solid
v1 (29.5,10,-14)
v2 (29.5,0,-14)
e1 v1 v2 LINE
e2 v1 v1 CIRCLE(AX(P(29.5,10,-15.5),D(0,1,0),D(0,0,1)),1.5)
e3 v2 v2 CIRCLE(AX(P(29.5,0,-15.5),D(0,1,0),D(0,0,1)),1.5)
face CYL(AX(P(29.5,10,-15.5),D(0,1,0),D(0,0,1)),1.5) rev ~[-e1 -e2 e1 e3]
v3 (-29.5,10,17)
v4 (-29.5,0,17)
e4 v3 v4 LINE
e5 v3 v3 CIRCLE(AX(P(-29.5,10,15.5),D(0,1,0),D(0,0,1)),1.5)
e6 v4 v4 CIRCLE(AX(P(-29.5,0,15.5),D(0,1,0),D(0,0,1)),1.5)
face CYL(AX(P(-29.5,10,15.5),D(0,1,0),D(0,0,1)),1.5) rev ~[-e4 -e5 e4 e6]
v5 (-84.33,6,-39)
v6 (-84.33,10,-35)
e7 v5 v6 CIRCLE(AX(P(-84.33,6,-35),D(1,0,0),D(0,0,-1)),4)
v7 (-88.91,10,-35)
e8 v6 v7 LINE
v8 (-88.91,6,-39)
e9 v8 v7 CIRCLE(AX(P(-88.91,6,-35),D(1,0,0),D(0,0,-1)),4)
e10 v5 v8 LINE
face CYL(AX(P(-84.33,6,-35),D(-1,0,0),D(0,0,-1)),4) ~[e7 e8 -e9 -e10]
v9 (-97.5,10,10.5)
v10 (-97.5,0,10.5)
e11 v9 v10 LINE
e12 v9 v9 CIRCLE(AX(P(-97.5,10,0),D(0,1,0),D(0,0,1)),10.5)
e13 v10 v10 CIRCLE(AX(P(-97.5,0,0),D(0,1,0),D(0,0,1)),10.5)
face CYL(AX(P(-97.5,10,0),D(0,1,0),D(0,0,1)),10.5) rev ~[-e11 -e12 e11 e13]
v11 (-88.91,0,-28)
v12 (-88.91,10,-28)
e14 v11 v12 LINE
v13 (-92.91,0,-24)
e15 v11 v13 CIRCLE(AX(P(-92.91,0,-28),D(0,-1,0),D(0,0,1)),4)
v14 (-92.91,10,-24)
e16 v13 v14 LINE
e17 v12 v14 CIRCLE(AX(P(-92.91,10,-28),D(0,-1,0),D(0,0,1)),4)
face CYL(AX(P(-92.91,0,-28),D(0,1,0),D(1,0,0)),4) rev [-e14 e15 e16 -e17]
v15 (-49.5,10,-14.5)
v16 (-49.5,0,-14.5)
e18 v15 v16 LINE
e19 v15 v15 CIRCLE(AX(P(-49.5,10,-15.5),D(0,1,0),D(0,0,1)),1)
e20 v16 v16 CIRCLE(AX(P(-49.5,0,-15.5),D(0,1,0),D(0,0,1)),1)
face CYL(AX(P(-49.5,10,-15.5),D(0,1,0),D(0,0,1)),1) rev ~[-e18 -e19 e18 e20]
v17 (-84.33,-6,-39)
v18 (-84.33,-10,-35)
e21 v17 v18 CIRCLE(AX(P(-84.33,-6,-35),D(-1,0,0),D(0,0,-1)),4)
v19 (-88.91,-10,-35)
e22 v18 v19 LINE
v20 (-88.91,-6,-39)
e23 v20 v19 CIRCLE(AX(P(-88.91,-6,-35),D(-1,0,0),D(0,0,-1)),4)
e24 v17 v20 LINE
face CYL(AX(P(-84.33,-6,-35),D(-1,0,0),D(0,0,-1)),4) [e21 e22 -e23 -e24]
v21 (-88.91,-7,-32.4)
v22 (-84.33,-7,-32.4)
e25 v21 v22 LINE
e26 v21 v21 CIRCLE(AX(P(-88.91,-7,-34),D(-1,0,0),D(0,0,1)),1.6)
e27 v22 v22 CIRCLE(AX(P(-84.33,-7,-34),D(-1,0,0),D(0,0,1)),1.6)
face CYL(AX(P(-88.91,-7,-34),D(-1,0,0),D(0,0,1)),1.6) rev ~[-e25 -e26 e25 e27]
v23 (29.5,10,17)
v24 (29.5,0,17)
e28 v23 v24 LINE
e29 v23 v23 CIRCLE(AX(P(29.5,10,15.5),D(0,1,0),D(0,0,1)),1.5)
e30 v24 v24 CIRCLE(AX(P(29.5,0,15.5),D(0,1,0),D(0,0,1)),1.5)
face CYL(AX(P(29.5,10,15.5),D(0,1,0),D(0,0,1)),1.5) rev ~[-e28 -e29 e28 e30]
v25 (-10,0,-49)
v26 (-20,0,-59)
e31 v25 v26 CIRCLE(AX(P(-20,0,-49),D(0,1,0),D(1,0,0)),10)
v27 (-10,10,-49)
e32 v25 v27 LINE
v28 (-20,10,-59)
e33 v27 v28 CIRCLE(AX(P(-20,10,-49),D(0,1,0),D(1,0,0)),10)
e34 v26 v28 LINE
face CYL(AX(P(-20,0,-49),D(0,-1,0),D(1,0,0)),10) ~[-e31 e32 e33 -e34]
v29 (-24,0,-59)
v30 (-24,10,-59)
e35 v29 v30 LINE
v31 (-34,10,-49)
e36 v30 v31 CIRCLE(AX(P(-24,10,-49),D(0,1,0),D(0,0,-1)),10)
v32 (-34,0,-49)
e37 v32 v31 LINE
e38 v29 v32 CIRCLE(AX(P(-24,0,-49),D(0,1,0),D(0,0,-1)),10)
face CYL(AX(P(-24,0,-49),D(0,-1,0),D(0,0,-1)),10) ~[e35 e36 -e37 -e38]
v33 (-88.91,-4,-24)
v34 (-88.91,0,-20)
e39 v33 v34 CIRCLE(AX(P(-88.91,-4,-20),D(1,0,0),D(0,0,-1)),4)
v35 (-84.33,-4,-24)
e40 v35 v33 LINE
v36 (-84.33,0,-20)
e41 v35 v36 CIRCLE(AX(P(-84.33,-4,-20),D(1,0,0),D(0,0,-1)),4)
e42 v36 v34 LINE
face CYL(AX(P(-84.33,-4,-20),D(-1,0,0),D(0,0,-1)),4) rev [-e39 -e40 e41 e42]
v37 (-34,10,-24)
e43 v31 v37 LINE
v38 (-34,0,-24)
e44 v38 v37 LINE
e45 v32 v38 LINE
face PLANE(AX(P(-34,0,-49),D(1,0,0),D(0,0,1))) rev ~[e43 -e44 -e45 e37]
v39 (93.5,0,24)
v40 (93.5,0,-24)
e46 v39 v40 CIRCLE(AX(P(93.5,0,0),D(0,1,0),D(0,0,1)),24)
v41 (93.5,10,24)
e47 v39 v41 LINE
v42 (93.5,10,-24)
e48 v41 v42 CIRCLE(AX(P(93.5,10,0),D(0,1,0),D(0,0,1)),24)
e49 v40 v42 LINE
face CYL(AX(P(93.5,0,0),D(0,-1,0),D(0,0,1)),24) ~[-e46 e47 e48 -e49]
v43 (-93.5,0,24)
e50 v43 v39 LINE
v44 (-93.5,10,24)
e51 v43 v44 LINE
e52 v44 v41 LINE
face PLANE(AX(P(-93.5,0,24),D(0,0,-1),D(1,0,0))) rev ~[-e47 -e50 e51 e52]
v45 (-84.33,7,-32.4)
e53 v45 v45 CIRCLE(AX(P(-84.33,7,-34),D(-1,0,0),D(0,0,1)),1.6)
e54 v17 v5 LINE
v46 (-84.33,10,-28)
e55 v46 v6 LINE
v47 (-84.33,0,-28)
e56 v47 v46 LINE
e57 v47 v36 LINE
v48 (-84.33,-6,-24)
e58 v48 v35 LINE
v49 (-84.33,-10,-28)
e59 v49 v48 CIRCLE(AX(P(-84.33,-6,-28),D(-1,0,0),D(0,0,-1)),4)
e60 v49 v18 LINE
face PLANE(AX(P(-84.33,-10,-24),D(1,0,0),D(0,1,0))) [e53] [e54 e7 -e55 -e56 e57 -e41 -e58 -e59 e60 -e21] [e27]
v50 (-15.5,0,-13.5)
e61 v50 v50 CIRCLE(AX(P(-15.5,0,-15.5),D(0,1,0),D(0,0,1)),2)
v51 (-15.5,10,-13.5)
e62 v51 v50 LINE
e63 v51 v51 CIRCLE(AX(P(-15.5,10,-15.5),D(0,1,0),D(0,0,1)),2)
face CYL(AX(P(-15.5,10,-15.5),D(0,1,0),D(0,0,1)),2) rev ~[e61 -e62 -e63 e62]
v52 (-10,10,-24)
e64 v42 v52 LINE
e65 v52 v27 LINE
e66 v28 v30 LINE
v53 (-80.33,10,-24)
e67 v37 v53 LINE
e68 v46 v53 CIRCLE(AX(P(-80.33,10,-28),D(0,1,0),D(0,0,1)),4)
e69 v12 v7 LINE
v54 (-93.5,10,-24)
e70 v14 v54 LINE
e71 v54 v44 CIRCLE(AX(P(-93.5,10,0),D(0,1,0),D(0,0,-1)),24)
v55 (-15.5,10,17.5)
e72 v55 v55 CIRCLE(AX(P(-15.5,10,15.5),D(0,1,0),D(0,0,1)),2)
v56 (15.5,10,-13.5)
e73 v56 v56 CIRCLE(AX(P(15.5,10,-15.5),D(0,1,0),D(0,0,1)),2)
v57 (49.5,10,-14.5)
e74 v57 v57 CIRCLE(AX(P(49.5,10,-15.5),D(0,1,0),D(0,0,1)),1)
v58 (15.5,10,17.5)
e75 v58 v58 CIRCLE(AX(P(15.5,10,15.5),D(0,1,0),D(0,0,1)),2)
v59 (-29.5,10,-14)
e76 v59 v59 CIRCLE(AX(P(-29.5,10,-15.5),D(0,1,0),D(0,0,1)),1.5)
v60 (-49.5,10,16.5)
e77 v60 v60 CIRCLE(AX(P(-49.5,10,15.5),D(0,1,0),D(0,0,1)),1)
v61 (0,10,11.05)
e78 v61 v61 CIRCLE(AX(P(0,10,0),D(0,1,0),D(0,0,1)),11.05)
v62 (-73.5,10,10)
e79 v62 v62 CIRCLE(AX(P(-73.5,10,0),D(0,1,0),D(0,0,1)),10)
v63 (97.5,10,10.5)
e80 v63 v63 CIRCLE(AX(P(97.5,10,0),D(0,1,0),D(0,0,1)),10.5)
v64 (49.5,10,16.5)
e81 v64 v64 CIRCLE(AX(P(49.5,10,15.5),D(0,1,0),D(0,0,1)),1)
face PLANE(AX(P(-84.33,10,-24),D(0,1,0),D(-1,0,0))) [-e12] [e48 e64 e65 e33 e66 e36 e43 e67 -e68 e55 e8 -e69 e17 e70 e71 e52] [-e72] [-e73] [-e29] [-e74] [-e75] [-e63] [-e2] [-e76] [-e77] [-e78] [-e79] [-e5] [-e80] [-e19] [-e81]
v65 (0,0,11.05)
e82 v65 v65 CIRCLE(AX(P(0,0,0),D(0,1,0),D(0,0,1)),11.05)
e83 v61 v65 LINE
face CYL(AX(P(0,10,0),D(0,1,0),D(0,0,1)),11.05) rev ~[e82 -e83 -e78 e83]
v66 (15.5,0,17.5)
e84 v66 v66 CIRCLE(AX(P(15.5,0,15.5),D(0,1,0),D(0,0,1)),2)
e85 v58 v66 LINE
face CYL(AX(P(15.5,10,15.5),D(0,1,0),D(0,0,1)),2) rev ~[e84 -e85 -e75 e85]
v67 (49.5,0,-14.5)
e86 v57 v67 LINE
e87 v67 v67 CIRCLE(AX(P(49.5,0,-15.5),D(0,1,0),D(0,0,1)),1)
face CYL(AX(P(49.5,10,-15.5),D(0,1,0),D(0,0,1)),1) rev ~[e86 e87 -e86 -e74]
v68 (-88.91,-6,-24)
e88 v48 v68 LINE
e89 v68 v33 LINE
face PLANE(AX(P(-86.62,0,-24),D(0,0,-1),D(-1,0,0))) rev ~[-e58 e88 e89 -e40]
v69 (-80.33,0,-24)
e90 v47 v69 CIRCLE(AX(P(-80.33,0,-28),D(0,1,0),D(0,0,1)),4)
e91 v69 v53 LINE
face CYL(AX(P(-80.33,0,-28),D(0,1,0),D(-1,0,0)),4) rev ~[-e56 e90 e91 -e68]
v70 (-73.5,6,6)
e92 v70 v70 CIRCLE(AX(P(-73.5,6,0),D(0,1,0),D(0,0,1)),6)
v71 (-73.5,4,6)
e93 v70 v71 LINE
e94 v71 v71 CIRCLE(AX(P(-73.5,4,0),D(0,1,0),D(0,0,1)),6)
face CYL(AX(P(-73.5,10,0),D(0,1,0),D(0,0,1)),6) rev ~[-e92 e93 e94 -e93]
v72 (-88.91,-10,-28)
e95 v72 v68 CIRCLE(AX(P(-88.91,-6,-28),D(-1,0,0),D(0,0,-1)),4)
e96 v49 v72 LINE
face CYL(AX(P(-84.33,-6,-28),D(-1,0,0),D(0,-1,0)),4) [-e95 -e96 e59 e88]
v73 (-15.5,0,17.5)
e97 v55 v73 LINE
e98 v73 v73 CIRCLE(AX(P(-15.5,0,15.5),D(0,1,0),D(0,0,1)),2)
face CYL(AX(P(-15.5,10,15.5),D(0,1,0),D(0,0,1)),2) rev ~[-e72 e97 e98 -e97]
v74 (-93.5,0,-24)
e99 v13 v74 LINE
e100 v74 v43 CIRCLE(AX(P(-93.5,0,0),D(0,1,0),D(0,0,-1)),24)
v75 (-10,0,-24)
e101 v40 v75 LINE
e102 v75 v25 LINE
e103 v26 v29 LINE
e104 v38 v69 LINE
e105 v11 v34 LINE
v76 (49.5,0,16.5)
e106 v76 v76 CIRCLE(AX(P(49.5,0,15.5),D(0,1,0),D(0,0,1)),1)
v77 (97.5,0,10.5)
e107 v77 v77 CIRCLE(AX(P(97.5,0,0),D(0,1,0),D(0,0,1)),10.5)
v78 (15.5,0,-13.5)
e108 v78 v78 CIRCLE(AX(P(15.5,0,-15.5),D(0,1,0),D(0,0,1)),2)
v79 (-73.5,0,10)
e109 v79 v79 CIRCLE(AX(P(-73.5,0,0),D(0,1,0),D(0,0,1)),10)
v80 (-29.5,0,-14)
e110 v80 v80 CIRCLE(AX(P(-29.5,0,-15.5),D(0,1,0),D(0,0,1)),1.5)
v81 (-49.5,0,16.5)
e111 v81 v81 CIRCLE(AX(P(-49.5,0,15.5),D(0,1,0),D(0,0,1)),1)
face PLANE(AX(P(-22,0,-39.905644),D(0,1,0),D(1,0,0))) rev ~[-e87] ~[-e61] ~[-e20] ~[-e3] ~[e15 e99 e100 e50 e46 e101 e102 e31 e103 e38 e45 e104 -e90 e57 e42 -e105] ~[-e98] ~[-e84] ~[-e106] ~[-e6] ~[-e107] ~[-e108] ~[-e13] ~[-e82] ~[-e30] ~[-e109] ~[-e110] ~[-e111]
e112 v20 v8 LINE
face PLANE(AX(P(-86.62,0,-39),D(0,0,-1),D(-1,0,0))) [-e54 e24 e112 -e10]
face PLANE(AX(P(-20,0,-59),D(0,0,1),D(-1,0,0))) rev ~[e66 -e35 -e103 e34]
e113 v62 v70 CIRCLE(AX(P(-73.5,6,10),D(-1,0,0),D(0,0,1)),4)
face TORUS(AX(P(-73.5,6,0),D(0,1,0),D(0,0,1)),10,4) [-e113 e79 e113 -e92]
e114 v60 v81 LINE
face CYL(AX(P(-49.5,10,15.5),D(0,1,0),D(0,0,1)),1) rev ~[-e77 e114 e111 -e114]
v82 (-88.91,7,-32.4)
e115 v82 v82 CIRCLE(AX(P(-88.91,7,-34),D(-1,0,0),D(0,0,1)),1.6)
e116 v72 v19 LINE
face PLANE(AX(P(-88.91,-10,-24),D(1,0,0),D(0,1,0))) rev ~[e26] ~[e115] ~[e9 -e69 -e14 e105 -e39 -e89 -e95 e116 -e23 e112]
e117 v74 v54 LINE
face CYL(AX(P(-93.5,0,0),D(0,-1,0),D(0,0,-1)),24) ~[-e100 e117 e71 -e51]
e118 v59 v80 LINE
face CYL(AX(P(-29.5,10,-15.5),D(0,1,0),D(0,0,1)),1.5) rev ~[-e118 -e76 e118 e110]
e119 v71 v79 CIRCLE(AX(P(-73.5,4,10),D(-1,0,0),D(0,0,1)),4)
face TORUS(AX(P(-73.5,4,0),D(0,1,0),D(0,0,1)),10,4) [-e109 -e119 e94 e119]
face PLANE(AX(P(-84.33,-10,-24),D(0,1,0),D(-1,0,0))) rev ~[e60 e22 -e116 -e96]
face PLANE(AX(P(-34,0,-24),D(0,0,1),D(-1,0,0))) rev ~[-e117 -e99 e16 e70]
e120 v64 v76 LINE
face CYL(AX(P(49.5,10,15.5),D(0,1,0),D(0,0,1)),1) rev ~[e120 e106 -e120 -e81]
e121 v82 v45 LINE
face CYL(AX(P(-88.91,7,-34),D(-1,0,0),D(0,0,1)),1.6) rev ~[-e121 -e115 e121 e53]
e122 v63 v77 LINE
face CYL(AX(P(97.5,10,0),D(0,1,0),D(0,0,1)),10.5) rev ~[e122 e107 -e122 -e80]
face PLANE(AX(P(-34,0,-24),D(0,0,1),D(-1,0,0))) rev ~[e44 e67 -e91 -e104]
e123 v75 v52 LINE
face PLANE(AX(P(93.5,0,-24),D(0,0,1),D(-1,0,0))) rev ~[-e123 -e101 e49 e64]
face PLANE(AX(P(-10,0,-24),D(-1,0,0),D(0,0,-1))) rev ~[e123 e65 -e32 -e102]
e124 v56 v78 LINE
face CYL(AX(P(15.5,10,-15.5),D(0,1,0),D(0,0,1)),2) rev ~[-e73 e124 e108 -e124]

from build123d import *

# Parameters (mm, degrees)
BOSS_EXTRUDE1_DEPTH = 10
SKETCH2_R           = 10.5
SKETCH2_R_2         = 6
SKETCH2_R_3         = 11.05
SKETCH2_R_4         = 2
SKETCH2_R_5         = 1.5
SKETCH2_R_6         = 1
CUT_EXTRUDE1_DEPTH  = 10
FILLET1_R           = 4
FILLET2_R           = 4
SKETCH3_W           = 4.58
SKETCH3_H           = 20
BOSS_EXTRUDE2_DEPTH = 15
FILLET3_R           = 4
FILLET4_R           = 4
FILLET5_R           = 4
SKETCH4_R           = 1.6
CUT_EXTRUDE2_DEPTH  = 15


with BuildPart() as part:
    # Sketch1 → Boss-Extrude1 (new body)
    with BuildSketch(Plane(origin=(0, 0, 0), x_dir=(1, 0, 0), z_dir=(0, 1, 0))):
        with BuildLine():
            Line((-34, 49), (-34, 24))
            Line((-34, 24), (-10, 24))
            Line((-10, 24), (-10, 49))
            ThreePointArc((-10, 49), (-12.928932188, 56.071067812), (-20, 59))
            Line((-20, 59), (-24, 59))
            ThreePointArc((-24, 59), (-31.071067812, 56.071067812), (-34, 49))
        make_face()
        with BuildLine():
            Line((-93.5, -24), (93.5, -24))
            ThreePointArc((93.5, -24), (117.5, 0), (93.5, 24))
            Line((93.5, 24), (-93.5, 24))
            ThreePointArc((-93.5, 24), (-117.5, 0), (-93.5, -24))
        make_face()
    extrude(amount=BOSS_EXTRUDE1_DEPTH)

    # Sketch2 → Cut-Extrude1 (cut)
    with BuildSketch(Plane(origin=(0, 10, 0), x_dir=(1, 0, 0), z_dir=(0, 1, 0))):
        with Locations(Location((-97.5, 0, 0), (0, 0, 270))):
            Circle(SKETCH2_R)
        with Locations(Location((97.5, 0, 0), (0, 0, 270))):
            Circle(SKETCH2_R)
        with Locations(Location((-73.5, 0, 0), (0, 0, 270))):
            Circle(SKETCH2_R_2)
        with Locations(Location((0, 0, 0), (0, 0, 270))):
            Circle(SKETCH2_R_3)
        with Locations(Location((-15.5, 15.5, 0), (0, 0, 270))):
            Circle(SKETCH2_R_4)
        with Locations(Location((15.5, 15.5, 0), (0, 0, 270))):
            Circle(SKETCH2_R_4)
        with Locations(Location((-15.5, -15.5, 0), (0, 0, 270))):
            Circle(SKETCH2_R_4)
        with Locations(Location((15.5, -15.5, 0), (0, 0, 270))):
            Circle(SKETCH2_R_4)
        with Locations(Location((29.5, 15.5, 0), (0, 0, 270))):
            Circle(SKETCH2_R_5)
        with Locations(Location((29.5, -15.5, 0), (0, 0, 270))):
            Circle(SKETCH2_R_5)
        with Locations(Location((-29.5, 15.5, 0), (0, 0, 270))):
            Circle(SKETCH2_R_5)
        with Locations(Location((-29.5, -15.5, 0), (0, 0, 270))):
            Circle(SKETCH2_R_5)
        with Locations(Location((-49.5, 15.5, 0), (0, 0, 270))):
            Circle(SKETCH2_R_6)
        with Locations(Location((-49.5, -15.5, 0), (0, 0, 270))):
            Circle(SKETCH2_R_6)
        with Locations(Location((49.5, 15.5, 0), (0, 0, 270))):
            Circle(SKETCH2_R_6)
        with Locations(Location((49.5, -15.5, 0), (0, 0, 270))):
            Circle(SKETCH2_R_6)
    extrude(amount=-CUT_EXTRUDE1_DEPTH, mode=Mode.SUBTRACT)

    # Fillet1
    fillet1_edges = [part.edges().sort_by_distance(p)[0] for p in [
        (-73.5, 10, -6),
    ]]
    fillet(fillet1_edges, radius=FILLET1_R)

    # Fillet2
    fillet2_edges = [part.edges().sort_by_distance(p)[0] for p in [
        (-73.5, 0, -6),
    ]]
    fillet(fillet2_edges, radius=FILLET2_R)

    # Sketch3 → Boss-Extrude2 (add)
    with BuildSketch(Plane(origin=(0, 0, -24), x_dir=(-1, 0, 0), z_dir=(0, 0, -1))):
        with Locations((86.62, 0)):
            Rectangle(SKETCH3_W, SKETCH3_H)
    extrude(amount=BOSS_EXTRUDE2_DEPTH)

    # Fillet3
    fillet3_edges = [part.edges().sort_by_distance(p)[0] for p in [
        (-86.62, 0, -24),
    ]]
    fillet(fillet3_edges, radius=FILLET3_R)

    # Fillet4
    fillet4_edges = [part.edges().sort_by_distance(p)[0] for p in [
        (-84.33, 5, -24),
        (-88.91, 5, -24),
    ]]
    fillet(fillet4_edges, radius=FILLET4_R)

    # Fillet5
    fillet5_edges = [part.edges().sort_by_distance(p)[0] for p in [
        (-86.62, -10, -24),
        (-86.62, -10, -39),
        (-86.62, 10, -39),
    ]]
    fillet(fillet5_edges, radius=FILLET5_R)

    # Sketch4 → Cut-Extrude2 (cut)
    with BuildSketch(Plane.ZY.offset(88.91)):
        with Locations((-34, 7)):
            Circle(SKETCH4_R)
        with Locations((-34, -7)):
            Circle(SKETCH4_R)
    extrude(amount=-CUT_EXTRUDE2_DEPTH, mode=Mode.SUBTRACT)


solid = part.part
